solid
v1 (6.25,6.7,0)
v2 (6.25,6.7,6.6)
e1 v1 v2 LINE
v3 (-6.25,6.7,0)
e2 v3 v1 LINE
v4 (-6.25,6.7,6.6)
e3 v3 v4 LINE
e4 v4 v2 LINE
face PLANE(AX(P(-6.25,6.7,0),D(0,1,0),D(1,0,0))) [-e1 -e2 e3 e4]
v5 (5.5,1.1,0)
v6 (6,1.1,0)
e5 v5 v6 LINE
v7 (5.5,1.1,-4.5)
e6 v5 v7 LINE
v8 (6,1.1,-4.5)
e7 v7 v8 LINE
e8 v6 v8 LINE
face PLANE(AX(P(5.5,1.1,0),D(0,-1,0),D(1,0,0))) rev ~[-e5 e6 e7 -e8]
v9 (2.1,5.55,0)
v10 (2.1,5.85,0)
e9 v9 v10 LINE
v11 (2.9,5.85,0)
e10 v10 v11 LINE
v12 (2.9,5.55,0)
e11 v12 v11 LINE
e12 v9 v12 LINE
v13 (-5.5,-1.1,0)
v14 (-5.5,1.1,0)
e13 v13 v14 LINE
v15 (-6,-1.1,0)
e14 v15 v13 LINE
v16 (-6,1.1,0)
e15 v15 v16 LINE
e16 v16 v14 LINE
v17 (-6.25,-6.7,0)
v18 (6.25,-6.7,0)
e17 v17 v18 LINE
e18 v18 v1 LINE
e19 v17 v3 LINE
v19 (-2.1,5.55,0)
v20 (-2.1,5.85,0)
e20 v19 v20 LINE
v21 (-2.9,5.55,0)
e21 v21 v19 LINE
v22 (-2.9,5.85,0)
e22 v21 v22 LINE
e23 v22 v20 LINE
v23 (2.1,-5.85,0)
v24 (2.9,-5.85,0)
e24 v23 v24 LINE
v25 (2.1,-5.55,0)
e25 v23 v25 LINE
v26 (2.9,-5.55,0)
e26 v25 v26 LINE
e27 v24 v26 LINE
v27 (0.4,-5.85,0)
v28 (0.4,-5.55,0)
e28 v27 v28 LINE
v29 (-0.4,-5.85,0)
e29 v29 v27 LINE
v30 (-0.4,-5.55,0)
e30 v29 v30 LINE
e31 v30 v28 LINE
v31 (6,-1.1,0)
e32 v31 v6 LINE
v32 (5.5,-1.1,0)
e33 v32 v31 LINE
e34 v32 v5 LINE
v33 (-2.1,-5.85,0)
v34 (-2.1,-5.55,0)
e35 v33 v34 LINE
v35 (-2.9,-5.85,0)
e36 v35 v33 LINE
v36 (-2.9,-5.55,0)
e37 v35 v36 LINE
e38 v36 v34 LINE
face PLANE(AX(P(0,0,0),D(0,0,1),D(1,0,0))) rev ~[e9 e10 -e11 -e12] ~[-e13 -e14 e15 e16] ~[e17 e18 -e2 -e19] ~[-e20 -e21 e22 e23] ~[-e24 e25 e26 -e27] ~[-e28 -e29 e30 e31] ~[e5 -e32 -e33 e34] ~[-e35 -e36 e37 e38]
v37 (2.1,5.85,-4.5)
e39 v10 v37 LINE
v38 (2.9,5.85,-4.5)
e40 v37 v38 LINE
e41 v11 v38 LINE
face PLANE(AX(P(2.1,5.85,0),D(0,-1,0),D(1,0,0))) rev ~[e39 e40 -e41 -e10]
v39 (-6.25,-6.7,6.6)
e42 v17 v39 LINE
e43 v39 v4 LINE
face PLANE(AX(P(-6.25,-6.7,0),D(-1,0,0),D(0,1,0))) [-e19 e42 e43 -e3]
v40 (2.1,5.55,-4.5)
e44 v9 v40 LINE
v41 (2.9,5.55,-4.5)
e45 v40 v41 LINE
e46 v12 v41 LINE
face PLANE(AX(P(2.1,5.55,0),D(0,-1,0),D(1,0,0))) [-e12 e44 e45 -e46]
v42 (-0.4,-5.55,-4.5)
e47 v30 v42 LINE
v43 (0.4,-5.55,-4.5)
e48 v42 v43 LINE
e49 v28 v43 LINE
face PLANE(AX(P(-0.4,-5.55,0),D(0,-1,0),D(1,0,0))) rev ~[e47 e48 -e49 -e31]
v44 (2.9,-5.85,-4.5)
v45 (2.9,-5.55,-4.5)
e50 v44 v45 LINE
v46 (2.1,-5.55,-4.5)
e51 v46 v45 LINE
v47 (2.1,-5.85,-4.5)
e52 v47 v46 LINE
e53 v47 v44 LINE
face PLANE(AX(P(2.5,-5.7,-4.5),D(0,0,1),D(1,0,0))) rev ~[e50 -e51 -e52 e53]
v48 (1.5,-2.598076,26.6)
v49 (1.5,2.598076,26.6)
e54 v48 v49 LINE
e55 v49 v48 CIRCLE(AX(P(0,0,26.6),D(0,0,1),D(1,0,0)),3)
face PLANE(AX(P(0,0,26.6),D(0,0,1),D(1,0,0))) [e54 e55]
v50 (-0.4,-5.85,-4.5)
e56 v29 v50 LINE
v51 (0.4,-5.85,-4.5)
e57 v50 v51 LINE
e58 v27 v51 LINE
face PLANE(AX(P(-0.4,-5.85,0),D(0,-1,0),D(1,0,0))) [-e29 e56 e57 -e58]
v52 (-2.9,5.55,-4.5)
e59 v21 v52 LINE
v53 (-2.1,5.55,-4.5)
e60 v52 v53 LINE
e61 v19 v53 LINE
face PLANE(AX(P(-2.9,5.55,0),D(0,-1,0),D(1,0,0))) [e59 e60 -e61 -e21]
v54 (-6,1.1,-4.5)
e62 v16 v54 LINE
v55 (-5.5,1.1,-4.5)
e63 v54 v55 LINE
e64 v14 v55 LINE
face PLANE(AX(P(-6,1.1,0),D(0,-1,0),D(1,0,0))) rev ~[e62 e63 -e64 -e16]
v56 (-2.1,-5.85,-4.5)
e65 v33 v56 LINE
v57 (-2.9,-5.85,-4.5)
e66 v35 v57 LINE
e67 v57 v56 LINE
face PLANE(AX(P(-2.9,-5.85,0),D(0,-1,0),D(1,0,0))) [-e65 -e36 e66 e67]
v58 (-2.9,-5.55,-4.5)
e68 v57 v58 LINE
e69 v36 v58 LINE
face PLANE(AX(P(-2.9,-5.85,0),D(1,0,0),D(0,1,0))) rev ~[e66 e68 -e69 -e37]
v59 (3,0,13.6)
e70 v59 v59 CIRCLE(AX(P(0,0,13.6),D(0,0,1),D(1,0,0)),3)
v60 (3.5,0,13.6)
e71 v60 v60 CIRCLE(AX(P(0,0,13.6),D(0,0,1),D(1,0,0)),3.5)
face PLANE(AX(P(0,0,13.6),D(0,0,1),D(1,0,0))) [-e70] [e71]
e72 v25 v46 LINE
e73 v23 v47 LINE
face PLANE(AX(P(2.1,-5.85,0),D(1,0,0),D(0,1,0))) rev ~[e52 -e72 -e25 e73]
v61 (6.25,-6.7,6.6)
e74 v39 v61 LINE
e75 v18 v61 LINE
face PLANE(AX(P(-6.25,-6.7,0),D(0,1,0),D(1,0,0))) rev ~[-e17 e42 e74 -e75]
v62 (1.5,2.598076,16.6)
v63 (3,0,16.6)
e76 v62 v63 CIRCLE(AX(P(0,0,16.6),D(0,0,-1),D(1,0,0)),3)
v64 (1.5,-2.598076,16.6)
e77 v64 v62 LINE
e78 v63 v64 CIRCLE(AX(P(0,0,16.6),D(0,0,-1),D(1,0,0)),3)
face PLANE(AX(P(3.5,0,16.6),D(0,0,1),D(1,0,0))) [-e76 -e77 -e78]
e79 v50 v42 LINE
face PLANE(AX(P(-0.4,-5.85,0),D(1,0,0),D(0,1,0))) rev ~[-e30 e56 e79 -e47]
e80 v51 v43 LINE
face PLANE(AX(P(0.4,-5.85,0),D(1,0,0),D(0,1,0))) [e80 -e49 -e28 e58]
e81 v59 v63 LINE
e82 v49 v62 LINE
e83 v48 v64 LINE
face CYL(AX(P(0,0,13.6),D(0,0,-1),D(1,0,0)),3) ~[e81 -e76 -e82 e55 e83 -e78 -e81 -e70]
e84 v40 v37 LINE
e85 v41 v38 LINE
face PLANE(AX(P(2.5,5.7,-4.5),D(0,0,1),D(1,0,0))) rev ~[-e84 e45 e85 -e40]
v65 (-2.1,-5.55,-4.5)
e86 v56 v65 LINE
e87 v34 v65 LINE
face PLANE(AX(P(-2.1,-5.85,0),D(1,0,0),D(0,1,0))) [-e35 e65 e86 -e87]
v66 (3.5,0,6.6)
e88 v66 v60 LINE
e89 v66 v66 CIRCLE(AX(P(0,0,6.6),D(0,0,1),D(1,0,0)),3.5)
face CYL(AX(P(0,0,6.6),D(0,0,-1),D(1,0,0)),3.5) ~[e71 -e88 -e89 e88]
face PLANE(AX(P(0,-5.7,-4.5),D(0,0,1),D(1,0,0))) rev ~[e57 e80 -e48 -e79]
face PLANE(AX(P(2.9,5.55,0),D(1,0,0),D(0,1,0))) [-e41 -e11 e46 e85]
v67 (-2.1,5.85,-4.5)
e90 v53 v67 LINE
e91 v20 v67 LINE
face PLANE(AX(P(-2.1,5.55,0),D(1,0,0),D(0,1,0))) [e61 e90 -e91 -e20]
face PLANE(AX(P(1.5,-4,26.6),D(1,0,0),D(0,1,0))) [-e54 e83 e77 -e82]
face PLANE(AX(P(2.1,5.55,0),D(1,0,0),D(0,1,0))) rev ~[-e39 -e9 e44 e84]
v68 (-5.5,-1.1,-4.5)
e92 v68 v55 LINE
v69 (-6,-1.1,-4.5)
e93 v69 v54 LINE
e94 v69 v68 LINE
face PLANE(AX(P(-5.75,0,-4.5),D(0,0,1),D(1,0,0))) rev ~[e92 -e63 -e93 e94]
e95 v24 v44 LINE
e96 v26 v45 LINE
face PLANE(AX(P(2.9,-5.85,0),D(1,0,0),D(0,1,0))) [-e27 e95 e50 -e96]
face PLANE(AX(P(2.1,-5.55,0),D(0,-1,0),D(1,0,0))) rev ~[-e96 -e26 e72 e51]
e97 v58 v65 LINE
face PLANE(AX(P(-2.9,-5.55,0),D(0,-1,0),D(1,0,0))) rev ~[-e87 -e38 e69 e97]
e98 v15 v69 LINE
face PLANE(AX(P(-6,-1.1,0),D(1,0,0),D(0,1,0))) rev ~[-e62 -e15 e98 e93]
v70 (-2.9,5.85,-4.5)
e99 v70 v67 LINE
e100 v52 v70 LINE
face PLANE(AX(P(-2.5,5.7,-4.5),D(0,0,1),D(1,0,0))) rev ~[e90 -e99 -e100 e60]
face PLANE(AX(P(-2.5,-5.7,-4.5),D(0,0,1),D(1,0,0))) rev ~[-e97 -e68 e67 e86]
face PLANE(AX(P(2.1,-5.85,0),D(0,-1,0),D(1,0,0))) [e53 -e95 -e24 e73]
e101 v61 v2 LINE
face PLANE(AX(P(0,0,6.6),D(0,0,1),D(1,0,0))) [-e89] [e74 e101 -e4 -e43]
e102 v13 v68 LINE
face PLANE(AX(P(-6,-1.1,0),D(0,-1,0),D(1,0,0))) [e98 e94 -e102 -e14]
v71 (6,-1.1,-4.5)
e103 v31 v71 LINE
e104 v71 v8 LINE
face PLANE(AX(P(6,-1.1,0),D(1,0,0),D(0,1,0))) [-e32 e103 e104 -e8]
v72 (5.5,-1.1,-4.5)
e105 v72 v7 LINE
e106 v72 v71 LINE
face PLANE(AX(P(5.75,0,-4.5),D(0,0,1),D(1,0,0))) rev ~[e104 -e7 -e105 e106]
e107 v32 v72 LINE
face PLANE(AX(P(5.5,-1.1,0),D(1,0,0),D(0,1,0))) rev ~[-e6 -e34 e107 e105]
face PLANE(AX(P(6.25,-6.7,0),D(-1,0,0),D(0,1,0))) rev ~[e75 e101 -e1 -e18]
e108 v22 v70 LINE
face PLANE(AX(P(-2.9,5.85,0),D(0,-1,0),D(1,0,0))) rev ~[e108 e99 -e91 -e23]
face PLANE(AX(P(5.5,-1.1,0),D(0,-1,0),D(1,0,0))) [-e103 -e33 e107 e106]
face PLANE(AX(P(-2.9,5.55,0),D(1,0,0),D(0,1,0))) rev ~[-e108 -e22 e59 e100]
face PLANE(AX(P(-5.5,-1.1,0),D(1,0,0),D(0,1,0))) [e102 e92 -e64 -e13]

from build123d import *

# Parameters (mm, degrees)
SKETCH1_W     = 12.5
SKETCH1_H     = 13.4
BODY_DEPTH    = 6.6
SKETCH2_R     = 3.5
BUSHING_DEPTH = 7
SKETCH3_R     = 3
SHAFT_DEPTH   = 13
SKETCH4_W     = 0.8
SKETCH4_H     = 0.3
PINS_DEPTH    = 4.5
SKETCH5_W     = 0.5
SKETCH5_H     = 2.2
TABS_DEPTH    = 4.5
SKETCH6_W     = 4
SKETCH6_H     = 8
D_FLAT_DEPTH  = 10


with BuildPart() as part:
    # Sketch1 → Body (new body)
    with BuildSketch(Plane.XY):
        Rectangle(SKETCH1_W, SKETCH1_H)
    extrude(amount=BODY_DEPTH)

    # Sketch2 → Bushing (add)
    with BuildSketch(Plane.XY.offset(6.6)):
        Circle(SKETCH2_R)
    extrude(amount=BUSHING_DEPTH)

    # Sketch3 → Shaft (add)
    with BuildSketch(Plane.XY.offset(13.6)):
        Circle(SKETCH3_R)
    extrude(amount=SHAFT_DEPTH)

    # Sketch4 → Pins (add)
    with BuildSketch(Plane.XY):
        with Locations((-2.5, -5.7)):
            Rectangle(SKETCH4_W, SKETCH4_H)
        with Locations((0, -5.7)):
            Rectangle(SKETCH4_W, SKETCH4_H)
        with Locations((2.5, -5.7)):
            Rectangle(SKETCH4_W, SKETCH4_H)
        with Locations((-2.5, 5.7)):
            Rectangle(SKETCH4_W, SKETCH4_H)
        with Locations((2.5, 5.7)):
            Rectangle(SKETCH4_W, SKETCH4_H)
    extrude(amount=-PINS_DEPTH)

    # Sketch5 → Tabs (add)
    with BuildSketch(Plane.XY):
        with Locations((-5.75, 0)):
            Rectangle(SKETCH5_W, SKETCH5_H)
        with Locations((5.75, 0)):
            Rectangle(SKETCH5_W, SKETCH5_H)
    extrude(amount=-TABS_DEPTH)

    # Sketch6 → D_flat (cut)
    with BuildSketch(Plane.XY.offset(26.6)):
        with Locations((3.5, 0)):
            Rectangle(SKETCH6_W, SKETCH6_H)
    extrude(amount=-D_FLAT_DEPTH, mode=Mode.SUBTRACT)


solid = part.part
